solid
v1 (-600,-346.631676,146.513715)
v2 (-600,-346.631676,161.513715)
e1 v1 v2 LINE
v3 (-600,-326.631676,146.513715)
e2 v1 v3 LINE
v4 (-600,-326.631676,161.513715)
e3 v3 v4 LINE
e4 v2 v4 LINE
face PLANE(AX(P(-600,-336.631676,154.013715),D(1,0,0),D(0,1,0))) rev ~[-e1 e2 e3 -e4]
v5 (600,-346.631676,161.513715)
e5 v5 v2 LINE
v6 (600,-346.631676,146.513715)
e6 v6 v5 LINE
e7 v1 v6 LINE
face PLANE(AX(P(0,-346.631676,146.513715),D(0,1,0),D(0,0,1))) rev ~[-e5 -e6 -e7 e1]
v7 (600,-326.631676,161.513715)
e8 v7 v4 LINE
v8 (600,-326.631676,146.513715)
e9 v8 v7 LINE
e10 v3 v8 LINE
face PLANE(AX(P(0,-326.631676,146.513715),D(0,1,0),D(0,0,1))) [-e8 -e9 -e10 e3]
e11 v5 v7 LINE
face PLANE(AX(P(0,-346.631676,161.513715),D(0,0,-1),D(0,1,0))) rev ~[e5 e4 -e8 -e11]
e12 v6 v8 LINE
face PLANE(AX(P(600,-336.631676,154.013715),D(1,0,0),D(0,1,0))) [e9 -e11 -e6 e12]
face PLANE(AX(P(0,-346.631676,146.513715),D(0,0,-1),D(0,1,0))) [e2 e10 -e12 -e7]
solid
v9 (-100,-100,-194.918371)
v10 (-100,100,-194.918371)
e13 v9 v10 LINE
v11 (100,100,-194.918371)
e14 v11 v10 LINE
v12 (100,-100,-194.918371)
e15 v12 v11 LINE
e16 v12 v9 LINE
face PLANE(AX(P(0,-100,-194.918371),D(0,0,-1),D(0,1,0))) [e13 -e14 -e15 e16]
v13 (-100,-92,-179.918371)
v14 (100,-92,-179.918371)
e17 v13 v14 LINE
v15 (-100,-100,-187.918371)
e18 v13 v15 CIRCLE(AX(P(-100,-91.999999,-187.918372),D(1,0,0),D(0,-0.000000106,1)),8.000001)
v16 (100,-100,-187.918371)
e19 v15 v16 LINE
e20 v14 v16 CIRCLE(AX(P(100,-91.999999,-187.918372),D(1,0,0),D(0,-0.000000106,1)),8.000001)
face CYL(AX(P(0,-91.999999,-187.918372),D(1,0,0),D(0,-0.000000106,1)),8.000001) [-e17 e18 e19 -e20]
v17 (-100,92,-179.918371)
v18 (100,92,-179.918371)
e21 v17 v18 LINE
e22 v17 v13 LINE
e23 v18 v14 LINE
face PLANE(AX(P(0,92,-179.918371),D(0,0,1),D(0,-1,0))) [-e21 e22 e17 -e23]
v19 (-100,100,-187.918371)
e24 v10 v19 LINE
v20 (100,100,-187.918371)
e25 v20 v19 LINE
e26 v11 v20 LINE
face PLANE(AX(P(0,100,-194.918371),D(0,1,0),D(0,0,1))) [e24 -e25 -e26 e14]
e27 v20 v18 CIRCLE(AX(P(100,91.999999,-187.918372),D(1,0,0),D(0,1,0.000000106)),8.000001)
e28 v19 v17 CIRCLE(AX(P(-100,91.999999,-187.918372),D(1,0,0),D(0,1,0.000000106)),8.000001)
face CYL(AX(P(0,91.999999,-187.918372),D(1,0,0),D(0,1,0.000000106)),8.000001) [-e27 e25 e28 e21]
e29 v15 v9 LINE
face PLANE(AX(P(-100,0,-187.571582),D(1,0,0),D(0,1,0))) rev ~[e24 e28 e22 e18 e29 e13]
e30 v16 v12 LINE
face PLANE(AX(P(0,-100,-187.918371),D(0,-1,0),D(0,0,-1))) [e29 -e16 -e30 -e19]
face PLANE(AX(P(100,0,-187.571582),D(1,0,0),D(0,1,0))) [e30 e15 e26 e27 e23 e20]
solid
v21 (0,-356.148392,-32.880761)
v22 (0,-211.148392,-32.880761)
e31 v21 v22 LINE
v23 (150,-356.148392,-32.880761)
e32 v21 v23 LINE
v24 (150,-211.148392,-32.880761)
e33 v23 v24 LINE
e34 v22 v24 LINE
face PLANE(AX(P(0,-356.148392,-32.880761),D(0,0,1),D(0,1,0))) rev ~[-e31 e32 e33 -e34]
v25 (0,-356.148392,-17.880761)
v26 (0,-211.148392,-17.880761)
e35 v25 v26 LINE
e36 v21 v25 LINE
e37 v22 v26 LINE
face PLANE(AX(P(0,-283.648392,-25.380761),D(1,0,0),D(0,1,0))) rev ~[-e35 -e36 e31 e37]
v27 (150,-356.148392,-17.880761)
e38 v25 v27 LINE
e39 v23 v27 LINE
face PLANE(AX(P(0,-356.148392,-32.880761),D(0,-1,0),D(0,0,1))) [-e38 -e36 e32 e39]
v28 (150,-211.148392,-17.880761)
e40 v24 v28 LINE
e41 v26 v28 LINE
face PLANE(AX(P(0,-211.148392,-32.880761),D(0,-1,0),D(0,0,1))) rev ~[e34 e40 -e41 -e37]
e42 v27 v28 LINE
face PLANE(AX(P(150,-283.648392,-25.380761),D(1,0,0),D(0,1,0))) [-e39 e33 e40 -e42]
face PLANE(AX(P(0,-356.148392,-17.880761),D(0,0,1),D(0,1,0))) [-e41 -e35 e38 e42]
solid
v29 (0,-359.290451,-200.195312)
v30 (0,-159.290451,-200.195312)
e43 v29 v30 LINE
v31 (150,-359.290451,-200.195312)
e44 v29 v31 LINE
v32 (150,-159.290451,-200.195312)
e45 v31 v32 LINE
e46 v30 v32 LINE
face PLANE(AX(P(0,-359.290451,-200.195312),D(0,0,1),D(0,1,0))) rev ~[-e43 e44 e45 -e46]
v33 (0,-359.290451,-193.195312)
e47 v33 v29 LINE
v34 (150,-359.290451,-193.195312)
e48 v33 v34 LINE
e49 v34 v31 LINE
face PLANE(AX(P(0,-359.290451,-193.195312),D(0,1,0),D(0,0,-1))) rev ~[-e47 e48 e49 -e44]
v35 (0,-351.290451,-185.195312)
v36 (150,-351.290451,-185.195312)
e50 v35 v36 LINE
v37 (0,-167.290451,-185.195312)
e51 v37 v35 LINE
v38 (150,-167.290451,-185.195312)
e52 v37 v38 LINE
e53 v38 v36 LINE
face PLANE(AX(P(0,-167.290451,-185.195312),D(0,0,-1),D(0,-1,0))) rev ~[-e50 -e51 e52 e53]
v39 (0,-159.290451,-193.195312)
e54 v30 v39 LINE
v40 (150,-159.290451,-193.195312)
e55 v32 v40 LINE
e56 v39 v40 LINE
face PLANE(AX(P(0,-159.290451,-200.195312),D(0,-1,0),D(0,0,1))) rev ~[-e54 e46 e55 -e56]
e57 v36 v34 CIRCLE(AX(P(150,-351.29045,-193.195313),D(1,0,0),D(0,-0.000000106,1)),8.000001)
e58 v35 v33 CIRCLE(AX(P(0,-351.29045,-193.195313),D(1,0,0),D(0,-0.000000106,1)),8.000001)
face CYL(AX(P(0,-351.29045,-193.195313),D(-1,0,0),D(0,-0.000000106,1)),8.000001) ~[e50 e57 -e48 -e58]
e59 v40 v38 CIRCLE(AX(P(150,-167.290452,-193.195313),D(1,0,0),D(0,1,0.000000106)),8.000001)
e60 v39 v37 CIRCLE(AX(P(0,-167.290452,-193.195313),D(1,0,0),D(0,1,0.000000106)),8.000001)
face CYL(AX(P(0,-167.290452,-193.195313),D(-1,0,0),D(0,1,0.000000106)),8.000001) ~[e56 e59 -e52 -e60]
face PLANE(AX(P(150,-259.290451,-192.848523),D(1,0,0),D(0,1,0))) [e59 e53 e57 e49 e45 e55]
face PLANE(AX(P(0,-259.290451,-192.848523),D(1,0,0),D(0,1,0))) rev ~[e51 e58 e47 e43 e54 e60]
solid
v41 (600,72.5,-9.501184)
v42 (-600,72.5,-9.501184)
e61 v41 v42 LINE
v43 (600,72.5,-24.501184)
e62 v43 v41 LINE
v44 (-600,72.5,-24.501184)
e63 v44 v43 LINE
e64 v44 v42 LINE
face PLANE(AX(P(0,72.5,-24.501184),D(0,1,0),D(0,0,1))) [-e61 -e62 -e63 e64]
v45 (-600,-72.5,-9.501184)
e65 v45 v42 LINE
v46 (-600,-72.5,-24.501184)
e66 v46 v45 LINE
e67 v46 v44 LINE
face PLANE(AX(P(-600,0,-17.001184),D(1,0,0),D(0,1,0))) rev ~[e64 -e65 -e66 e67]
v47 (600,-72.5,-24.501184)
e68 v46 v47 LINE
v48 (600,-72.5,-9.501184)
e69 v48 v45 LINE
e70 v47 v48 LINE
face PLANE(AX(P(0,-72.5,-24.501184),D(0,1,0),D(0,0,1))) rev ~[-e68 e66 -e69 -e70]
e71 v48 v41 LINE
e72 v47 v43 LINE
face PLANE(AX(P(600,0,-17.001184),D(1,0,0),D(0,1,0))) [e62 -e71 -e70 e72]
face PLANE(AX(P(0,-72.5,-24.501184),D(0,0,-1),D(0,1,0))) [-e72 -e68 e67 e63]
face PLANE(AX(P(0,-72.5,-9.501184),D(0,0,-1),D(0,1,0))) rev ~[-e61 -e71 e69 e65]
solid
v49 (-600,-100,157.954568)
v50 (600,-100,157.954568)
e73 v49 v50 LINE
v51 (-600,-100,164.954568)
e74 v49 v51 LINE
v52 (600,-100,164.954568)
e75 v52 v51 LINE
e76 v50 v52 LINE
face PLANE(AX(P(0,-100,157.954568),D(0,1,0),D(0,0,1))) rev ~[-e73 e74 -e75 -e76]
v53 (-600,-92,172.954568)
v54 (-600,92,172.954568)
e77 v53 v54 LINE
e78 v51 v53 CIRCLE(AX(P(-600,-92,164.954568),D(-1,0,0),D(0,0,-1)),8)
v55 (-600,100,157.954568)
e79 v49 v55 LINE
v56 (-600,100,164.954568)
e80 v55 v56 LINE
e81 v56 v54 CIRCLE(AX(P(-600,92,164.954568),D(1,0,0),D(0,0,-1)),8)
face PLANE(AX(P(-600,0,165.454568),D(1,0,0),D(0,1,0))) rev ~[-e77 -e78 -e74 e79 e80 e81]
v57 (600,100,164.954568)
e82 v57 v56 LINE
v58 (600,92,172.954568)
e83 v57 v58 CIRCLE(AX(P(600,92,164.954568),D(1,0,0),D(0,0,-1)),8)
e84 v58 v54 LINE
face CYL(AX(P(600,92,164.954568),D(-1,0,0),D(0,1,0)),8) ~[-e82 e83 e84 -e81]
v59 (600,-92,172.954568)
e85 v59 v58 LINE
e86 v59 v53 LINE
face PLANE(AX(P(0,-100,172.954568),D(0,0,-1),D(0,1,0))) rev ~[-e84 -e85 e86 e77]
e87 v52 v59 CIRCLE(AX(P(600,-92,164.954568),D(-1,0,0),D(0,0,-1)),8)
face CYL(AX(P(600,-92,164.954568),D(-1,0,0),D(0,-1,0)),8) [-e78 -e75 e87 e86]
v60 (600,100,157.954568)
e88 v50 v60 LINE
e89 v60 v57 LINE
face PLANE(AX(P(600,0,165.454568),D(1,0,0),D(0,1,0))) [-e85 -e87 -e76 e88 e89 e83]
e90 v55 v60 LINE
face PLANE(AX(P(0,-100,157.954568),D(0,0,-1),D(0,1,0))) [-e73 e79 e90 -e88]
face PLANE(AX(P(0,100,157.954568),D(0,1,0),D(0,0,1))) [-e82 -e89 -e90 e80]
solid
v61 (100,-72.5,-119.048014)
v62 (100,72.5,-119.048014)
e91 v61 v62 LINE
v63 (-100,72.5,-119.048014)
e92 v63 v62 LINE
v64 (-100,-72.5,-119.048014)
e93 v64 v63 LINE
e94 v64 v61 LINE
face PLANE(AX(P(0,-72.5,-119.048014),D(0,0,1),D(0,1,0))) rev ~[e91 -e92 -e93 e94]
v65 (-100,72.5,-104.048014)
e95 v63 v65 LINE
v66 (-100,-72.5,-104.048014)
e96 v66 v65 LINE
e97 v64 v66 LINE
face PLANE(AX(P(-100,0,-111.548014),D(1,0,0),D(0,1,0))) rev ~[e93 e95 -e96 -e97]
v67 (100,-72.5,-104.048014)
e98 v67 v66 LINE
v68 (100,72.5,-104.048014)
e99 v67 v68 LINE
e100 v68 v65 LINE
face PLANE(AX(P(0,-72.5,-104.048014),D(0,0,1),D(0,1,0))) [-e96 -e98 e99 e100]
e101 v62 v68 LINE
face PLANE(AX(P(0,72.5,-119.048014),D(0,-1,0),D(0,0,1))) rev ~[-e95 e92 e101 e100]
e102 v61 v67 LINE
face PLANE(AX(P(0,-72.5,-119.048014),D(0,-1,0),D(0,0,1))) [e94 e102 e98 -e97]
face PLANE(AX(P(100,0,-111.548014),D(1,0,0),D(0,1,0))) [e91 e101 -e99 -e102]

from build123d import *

# Parameters (mm, degrees)
F0_W      = 200
F0_H      = 15
F1_DEPTH  = 600
F2_R      = 8
F3_W      = 145
F3_H      = 15
F4_DEPTH  = 600
F5_W      = 145
F5_H      = 15
F6_DEPTH  = 100
F7_W      = 145
F7_H      = 15
F8_DEPTH  = 150
F9_W      = 20
F9_H      = 15
F10_DEPTH = 600


with BuildPart() as f1:
    # F0 (on Right) → F1 (new body, symmetric)
    with BuildSketch(Plane.YZ):
        with Locations((0, 165.454568)):
            Rectangle(F0_W, F0_H)
    extrude(amount=F1_DEPTH, both=True)

    # F2
    f2_edges = [f1.edges().sort_by_distance(p)[0] for p in [
        (0, -100, 172.954568),
        (0, 100, 172.954568),
    ]]
    fillet(f2_edges, radius=F2_R)


with BuildPart() as f4:
    # F3 (on Right) → F4 (new body, symmetric)
    with BuildSketch(Plane.YZ):
        with Locations((0, -17.001184)):
            Rectangle(F3_W, F3_H)
    extrude(amount=F4_DEPTH, both=True)


with BuildPart() as f6:
    # F5 (on Right) → F6 (new body, symmetric)
    with BuildSketch(Plane.YZ):
        with Locations((0, -111.548014)):
            Rectangle(F5_W, F5_H)
        with BuildLine():
            ThreePointArc((100, -187.918371), (97.656854, -182.261517), (92, -179.918371))
            Line((92, -179.918371), (-92, -179.918371))
            ThreePointArc((-92, -179.918371), (-97.656854, -182.261517), (-100, -187.918371))
            Line((-100, -187.918371), (-100, -194.918371))
            Line((-100, -194.918371), (100, -194.918371))
            Line((100, -194.918371), (100, -187.918371))
        make_face()
    extrude(amount=F6_DEPTH, both=True)


with BuildPart() as f8:
    # F7 (on Right) → F8 (new body)
    with BuildSketch(Plane.YZ):
        with Locations((-283.648392, -25.380761)):
            Rectangle(F7_W, F7_H)
        with BuildLine():
            Line((-359.290451, -193.195312), (-359.290451, -200.195312))
            Line((-359.290451, -200.195312), (-159.290451, -200.195312))
            Line((-159.290451, -200.195312), (-159.290451, -193.195312))
            ThreePointArc((-159.290451, -193.195312), (-161.633597, -187.538458), (-167.290451, -185.195312))
            Line((-167.290451, -185.195312), (-351.290451, -185.195312))
            ThreePointArc((-351.290451, -185.195312), (-356.947305, -187.538458), (-359.290451, -193.195312))
        make_face()
    extrude(amount=F8_DEPTH)


with BuildPart() as f10:
    # F9 (on Right) → F10 (new body, symmetric)
    with BuildSketch(Plane.YZ):
        with Locations((-336.631676, 154.013715)):
            Rectangle(F9_W, F9_H)
    extrude(amount=F10_DEPTH, both=True)


solid = Compound([f1.part, f4.part, f6.part, f8.part, f10.part])
